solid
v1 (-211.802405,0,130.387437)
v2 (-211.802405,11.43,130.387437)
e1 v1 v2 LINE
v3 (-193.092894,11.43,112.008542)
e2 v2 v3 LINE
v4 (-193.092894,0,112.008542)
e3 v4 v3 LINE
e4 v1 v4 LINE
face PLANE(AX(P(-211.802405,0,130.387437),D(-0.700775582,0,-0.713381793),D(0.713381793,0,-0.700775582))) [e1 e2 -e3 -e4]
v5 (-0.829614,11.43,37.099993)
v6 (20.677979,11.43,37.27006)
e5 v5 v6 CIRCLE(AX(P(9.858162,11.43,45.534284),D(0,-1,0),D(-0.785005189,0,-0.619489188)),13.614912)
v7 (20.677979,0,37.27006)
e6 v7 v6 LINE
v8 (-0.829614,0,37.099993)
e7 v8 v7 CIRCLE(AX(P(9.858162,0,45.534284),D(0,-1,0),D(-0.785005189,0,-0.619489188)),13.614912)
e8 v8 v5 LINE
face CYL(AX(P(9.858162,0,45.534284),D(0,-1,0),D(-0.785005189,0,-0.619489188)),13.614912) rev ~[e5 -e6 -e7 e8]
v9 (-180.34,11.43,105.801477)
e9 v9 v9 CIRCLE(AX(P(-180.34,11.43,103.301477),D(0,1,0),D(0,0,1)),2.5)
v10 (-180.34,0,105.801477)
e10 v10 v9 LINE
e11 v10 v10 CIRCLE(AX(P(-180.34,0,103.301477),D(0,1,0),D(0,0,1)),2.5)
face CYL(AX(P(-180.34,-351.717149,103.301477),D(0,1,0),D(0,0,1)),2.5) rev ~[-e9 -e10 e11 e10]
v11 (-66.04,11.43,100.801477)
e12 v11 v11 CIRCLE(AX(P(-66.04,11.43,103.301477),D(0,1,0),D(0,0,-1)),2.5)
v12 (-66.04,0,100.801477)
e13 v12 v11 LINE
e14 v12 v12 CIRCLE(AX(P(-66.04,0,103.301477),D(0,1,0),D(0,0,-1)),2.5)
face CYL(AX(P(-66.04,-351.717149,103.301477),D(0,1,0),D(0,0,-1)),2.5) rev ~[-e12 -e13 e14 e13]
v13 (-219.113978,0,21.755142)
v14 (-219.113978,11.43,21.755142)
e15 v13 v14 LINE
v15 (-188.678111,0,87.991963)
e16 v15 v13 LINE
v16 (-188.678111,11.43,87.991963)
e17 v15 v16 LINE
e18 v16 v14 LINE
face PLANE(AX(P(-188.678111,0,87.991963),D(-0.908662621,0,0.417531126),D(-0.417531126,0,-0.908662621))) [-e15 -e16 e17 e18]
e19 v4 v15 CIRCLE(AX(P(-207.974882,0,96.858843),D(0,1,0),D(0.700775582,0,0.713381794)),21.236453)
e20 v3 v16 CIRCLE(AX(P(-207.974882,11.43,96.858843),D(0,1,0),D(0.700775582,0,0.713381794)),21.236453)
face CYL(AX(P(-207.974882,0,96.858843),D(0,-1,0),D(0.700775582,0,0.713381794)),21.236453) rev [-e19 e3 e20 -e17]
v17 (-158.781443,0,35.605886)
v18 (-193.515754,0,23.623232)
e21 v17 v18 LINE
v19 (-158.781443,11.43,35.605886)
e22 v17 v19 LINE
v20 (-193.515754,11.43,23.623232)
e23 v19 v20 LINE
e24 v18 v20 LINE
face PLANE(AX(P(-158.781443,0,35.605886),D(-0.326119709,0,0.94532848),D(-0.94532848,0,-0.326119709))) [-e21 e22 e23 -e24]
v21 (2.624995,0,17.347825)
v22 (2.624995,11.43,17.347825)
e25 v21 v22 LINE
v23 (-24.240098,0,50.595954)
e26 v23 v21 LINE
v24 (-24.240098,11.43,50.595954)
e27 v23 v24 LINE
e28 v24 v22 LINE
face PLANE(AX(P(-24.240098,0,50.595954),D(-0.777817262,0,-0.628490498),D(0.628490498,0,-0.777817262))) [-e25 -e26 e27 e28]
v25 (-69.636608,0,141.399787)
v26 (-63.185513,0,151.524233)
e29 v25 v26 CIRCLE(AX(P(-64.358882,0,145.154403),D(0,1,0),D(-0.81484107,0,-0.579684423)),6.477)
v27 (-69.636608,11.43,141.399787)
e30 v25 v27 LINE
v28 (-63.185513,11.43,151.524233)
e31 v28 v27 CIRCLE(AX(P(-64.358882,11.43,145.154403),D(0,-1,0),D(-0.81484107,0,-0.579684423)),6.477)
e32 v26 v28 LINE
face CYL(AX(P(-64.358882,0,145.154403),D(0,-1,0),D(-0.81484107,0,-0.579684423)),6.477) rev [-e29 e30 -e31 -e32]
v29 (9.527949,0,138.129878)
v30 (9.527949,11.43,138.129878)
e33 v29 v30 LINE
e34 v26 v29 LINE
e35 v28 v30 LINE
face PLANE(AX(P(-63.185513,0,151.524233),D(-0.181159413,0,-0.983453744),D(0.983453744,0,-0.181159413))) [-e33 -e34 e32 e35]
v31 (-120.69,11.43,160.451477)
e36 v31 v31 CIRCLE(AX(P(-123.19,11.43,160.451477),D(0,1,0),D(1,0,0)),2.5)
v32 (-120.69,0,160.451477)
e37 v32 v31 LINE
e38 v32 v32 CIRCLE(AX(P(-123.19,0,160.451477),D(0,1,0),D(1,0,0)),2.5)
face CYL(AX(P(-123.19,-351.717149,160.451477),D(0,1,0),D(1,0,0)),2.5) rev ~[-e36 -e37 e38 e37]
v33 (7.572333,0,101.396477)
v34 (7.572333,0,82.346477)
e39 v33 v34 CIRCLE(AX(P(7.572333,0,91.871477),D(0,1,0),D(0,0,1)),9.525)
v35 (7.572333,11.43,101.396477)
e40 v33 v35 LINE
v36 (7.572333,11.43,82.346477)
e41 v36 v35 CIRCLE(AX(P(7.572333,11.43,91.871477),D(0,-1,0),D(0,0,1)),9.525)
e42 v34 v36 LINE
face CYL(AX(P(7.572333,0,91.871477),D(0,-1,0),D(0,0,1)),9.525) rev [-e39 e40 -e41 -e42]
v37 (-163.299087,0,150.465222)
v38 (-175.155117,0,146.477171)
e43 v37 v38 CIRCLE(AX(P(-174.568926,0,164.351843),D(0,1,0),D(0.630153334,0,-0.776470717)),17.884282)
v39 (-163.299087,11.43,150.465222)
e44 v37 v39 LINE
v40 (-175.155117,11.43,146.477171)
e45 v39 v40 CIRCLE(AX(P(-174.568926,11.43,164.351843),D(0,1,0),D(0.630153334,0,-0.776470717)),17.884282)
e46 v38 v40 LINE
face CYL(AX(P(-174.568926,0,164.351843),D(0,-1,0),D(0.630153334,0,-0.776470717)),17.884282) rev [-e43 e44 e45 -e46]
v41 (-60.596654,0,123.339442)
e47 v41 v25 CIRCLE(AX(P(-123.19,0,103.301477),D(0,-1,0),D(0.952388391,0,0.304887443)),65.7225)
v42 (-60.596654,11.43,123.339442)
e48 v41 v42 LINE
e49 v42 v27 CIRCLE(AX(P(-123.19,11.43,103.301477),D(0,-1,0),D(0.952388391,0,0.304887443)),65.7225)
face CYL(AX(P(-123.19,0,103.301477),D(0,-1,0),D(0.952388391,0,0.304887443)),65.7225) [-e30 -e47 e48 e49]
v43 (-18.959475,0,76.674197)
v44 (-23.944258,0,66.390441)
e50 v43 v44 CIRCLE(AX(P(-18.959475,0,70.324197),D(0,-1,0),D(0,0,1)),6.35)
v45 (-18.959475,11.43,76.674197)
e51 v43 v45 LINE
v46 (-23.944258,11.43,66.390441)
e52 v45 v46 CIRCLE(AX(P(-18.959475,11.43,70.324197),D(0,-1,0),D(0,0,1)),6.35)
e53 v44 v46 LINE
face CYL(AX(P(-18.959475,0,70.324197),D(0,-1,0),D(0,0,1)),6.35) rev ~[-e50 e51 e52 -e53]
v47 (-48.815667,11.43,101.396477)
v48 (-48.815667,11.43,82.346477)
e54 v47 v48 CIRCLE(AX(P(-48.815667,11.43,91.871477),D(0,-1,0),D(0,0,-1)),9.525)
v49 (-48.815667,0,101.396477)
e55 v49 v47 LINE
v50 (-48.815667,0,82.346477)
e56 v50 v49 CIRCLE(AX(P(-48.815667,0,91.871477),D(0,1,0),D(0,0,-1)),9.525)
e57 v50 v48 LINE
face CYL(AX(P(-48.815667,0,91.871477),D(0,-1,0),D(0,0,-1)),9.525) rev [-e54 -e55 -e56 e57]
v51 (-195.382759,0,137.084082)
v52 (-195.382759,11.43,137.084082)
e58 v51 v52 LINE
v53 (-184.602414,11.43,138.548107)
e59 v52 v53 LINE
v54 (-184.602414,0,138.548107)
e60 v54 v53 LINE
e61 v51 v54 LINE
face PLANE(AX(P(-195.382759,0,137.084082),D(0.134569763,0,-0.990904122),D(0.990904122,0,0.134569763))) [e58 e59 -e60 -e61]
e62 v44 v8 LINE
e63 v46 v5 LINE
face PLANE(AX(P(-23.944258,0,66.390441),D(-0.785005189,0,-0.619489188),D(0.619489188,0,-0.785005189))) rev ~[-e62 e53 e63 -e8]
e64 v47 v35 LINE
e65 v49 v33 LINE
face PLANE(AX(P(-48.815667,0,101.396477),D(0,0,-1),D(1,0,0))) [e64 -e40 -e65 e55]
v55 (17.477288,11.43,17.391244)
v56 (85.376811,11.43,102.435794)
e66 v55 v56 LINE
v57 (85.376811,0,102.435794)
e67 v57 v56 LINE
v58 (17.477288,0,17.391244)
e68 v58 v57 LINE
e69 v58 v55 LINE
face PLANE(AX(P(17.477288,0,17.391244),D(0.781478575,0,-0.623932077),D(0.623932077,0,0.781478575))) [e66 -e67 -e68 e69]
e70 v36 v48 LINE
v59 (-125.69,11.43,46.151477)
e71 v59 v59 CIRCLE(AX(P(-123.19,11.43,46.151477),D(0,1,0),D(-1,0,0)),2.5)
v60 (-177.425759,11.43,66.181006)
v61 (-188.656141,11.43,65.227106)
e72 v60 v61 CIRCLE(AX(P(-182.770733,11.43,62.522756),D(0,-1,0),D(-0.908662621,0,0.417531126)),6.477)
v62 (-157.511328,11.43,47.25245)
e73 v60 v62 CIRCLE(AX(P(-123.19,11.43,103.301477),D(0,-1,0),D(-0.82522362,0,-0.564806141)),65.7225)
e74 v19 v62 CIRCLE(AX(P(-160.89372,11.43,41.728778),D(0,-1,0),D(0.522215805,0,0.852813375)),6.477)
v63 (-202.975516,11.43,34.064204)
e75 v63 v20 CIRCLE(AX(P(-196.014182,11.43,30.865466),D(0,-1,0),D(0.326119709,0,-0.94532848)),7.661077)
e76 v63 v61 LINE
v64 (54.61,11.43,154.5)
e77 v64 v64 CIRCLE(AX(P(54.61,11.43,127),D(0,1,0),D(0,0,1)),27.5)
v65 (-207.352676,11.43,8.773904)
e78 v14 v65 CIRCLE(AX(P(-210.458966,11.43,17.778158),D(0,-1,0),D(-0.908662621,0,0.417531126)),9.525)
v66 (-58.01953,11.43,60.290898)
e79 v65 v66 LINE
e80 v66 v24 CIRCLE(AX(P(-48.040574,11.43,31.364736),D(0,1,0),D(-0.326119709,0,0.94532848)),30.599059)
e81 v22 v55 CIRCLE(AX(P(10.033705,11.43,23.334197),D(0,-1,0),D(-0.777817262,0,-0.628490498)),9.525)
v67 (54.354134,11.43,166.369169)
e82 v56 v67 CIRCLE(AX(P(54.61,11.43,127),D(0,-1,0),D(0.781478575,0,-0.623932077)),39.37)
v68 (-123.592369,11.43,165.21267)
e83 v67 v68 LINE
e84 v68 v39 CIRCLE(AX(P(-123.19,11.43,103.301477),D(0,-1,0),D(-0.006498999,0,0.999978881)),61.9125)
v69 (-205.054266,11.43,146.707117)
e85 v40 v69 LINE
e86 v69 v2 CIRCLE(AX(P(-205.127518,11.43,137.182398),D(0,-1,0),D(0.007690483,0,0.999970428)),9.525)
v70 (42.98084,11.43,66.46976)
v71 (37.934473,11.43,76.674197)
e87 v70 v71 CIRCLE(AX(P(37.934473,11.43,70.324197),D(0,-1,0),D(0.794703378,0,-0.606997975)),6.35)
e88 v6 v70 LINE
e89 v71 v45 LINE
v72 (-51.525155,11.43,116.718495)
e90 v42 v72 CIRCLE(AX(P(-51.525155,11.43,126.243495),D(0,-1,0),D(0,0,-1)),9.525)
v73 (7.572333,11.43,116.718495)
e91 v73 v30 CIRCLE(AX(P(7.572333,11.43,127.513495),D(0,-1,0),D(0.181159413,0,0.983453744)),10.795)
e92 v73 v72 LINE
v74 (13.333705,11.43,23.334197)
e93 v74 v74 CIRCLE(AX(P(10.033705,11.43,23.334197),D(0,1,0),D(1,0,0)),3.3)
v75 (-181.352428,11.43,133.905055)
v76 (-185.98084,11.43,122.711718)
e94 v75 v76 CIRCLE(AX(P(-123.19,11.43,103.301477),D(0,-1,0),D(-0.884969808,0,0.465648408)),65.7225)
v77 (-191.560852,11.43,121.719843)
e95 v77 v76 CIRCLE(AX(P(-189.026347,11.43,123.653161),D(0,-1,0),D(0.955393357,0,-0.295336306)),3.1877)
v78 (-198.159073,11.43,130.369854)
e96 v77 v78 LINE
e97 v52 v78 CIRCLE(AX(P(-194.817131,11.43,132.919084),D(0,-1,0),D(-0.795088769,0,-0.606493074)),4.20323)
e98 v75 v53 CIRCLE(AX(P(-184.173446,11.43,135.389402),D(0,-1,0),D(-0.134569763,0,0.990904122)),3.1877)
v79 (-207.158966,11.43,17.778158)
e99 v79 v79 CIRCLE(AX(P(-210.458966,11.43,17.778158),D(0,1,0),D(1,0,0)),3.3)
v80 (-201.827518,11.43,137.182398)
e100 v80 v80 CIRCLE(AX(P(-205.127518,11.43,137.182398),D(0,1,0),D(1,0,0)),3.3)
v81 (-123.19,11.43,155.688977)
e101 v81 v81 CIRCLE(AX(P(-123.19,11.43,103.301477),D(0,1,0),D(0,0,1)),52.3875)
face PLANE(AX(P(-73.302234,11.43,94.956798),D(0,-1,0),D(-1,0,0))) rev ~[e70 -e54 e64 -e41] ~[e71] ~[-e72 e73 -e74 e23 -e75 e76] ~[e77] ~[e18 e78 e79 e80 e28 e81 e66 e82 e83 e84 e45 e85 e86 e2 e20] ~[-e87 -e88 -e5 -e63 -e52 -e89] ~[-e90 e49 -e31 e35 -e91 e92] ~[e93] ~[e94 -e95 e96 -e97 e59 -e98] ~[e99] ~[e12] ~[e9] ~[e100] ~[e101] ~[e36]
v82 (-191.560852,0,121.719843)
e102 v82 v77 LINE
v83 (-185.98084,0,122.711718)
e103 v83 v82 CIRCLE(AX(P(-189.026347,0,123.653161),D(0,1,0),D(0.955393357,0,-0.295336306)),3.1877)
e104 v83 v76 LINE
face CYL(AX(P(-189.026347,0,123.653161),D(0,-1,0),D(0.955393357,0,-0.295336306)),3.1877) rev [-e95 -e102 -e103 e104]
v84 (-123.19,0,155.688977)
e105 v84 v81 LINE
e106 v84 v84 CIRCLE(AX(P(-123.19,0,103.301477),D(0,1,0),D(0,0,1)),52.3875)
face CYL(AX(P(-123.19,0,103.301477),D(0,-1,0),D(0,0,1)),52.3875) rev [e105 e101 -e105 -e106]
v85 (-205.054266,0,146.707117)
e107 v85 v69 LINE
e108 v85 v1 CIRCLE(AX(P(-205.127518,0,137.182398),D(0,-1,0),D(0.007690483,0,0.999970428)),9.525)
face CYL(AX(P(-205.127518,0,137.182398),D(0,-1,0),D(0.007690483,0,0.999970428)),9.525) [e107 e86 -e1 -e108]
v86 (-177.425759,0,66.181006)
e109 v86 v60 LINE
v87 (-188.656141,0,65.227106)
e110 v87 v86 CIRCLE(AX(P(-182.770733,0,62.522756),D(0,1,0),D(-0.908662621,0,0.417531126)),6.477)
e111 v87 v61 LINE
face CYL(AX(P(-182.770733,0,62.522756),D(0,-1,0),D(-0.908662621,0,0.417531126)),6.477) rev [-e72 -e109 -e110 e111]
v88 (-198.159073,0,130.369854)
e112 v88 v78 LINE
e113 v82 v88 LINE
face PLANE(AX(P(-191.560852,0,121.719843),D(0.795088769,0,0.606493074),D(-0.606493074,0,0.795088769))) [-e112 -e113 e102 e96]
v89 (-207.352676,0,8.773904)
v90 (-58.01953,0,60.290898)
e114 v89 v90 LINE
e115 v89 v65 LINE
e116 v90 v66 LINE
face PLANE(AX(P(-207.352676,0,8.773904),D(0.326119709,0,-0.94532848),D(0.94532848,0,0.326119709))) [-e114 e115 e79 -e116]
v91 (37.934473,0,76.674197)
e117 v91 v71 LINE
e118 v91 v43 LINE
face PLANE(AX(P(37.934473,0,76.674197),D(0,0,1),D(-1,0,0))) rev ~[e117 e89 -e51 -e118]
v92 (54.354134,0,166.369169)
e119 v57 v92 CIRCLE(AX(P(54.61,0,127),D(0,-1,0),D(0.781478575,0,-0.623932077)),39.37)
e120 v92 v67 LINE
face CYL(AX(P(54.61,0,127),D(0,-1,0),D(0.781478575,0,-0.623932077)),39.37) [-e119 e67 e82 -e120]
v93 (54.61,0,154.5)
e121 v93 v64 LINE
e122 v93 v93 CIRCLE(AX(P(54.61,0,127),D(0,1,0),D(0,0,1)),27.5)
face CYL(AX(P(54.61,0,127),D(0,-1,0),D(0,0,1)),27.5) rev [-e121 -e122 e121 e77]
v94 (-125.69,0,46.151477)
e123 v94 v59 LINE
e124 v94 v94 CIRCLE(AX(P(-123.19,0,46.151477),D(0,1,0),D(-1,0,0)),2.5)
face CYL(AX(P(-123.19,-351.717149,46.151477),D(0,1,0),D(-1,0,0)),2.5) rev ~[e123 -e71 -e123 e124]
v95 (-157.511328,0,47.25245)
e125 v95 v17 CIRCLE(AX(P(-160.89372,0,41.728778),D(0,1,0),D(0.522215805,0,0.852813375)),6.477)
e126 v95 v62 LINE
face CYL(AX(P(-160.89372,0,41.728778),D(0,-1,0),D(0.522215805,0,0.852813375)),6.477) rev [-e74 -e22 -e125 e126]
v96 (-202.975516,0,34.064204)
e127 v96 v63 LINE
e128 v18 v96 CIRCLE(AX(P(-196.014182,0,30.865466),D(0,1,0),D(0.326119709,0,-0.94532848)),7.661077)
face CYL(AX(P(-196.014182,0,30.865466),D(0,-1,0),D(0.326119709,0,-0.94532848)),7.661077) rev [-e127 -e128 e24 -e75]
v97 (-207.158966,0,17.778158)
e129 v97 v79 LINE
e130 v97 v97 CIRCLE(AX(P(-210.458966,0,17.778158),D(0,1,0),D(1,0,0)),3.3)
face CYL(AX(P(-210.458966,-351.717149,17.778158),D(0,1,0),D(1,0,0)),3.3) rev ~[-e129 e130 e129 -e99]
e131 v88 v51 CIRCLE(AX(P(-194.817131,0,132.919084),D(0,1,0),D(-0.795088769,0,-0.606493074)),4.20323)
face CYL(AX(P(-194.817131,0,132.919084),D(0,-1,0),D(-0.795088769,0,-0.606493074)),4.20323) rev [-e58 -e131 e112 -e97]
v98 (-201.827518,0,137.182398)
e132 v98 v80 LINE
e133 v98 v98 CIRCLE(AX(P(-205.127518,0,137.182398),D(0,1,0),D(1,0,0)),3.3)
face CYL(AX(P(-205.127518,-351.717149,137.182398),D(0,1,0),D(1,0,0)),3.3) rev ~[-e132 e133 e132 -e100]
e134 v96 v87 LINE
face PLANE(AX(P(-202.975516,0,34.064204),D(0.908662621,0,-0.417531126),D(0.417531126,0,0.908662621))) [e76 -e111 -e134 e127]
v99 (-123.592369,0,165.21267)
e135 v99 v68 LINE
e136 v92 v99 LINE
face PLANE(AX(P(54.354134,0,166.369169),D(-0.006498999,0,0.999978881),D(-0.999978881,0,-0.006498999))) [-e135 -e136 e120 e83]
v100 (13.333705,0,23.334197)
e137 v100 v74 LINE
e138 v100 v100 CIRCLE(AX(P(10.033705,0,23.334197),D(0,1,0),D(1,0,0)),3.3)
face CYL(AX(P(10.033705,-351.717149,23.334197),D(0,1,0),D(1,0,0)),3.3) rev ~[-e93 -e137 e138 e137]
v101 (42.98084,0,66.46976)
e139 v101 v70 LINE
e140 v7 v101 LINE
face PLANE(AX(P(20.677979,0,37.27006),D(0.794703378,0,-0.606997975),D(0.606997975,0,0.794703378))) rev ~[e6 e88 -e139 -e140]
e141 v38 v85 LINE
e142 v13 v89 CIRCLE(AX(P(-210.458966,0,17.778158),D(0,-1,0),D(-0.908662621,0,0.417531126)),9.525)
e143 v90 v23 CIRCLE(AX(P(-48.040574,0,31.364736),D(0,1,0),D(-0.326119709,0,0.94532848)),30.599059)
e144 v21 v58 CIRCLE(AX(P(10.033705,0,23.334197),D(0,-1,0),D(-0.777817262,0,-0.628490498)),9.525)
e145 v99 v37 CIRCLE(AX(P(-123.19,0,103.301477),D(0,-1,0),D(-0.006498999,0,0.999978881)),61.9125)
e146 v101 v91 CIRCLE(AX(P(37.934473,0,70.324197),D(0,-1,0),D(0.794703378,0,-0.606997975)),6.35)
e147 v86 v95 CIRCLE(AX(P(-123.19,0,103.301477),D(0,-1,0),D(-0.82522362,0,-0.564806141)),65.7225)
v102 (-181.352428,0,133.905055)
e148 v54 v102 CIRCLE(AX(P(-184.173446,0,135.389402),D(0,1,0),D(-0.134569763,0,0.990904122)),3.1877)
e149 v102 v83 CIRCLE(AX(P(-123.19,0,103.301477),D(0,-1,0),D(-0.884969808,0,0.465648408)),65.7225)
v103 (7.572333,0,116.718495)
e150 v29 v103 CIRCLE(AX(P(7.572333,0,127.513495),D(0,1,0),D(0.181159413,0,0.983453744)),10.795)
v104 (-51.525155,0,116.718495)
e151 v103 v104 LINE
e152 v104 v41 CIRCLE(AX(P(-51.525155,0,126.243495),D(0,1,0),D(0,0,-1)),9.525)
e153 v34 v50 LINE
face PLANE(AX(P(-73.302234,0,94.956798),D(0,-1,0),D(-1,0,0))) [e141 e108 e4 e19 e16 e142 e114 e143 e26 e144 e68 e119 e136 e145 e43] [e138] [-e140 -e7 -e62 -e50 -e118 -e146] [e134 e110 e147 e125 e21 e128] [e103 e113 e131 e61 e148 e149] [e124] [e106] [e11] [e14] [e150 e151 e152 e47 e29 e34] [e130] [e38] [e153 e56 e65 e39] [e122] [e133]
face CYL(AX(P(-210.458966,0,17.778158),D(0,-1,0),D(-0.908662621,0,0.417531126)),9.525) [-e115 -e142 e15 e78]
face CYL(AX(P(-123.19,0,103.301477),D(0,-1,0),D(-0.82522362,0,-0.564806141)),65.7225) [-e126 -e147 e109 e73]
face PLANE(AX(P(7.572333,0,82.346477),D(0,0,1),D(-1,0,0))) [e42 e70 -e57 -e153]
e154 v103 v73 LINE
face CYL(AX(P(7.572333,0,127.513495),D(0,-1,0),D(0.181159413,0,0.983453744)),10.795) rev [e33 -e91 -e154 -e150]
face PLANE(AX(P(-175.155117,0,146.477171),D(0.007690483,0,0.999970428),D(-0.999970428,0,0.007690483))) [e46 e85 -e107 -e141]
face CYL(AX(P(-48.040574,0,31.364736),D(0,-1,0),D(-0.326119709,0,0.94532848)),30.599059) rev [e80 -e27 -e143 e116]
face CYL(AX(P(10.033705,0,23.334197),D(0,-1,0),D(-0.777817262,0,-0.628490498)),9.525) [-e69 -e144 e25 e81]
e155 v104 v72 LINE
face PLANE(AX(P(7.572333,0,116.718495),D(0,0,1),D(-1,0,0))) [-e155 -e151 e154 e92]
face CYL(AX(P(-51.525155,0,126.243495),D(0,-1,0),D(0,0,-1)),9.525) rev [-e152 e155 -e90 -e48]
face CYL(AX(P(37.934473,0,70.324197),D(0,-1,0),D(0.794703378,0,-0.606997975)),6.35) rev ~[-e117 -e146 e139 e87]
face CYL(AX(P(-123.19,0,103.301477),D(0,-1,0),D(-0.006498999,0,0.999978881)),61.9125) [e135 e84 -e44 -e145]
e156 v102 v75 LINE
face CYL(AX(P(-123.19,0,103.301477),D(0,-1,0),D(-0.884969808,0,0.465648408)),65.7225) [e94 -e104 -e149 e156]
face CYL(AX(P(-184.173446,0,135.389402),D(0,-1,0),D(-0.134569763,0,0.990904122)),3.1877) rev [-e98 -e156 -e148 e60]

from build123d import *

# Parameters (mm, degrees)
SKETCH1_R             = 52.3875
SKETCH1_R_2           = 27.49999999
BOSS_EXTRUDE1_DEPTH   = 11.43
M6_CLEARANCE_HOLE1_D  = 6.6
F_5_0MM_DOWEL_HOLE1_D = 5
CIRPATTERN1_COUNT     = 4
CUT_EXTRUDE1_DEPTH    = 277.04812471
CUT_EXTRUDE2_DEPTH    = 277.04812471


with BuildPart() as part:
    # Sketch1 → Boss-Extrude1 (new body)
    with BuildSketch(Plane(origin=(0, 0, 0), x_dir=(1, 0, 0), z_dir=(0, 1, 0))):
        with BuildLine():
            Line((-207.352675902, -8.773903901), (-58.019530206, -60.290898352))
            ThreePointArc((-58.019530206, -60.290898352), (-39.599212065, -60.776397748), (-24.240097525, -50.595954211))
            Line((-24.240097525, -50.595954211), (2.624995443, -17.347825368))
            ThreePointArc((2.624995443, -17.347825368), (10.061549983, -13.809238065), (17.477288292, -17.391244328))
            Line((17.477288292, -17.391244328), (85.376811489, -102.435794114))
            ThreePointArc((85.376811489, -102.435794114), (90.030312626, -144.187156643), (54.354134393, -166.369168556))
            Line((54.354134393, -166.369168556), (-123.592369302, -165.212669907))
            ThreePointArc((-123.592369302, -165.212669907), (-144.74612022, -161.34018293), (-163.299086644, -150.465222234))
            ThreePointArc((-163.299086644, -150.465222234), (-168.867064733, -147.400846083), (-175.155117318, -146.477170878))
            Line((-175.155117318, -146.477170878), (-205.054266123, -146.707116576))
            ThreePointArc((-205.054266123, -146.707116576), (-213.929698734, -140.822073907), (-211.802405396, -130.387436669))
            Line((-211.802405396, -130.387436669), (-193.092894011, -112.008542149))
            ThreePointArc((-193.092894011, -112.008542149), (-187.088381157, -100.6982482), (-188.678110669, -87.991962988))
            Line((-188.678110669, -87.991962988), (-219.113977597, -21.755141651))
            ThreePointArc((-219.113977597, -21.755141651), (-217.51766362, -11.382814462), (-207.352675902, -8.773903901))
        make_face()
        with Locations(Location((-123.19, -103.30147742, 0), (0, 0, 270))):
            Circle(SKETCH1_R, mode=Mode.SUBTRACT)
        with Locations(Location((54.61, -127, 0), (0, 0, 270))):
            Circle(SKETCH1_R_2, mode=Mode.SUBTRACT)
    extrude(amount=BOSS_EXTRUDE1_DEPTH)

    # M6 Clearance Hole1 (through all)
    with Locations(Plane(origin=(0, 0, 0), x_dir=(-1, 0, 0), z_dir=(0, -1, 0))):
        with Locations((-10.033704867, -23.334197365), (210.458966133, -17.778157673), (205.127517975, -137.182398252)):
            Hole(M6_CLEARANCE_HOLE1_D / 2)

    # Ø5.0mm Dowel Hole1 (through all)
    with Locations(Plane(origin=(0, 0, 0), x_dir=(-1, 0, 0), z_dir=(0, -1, 0))):
        with Locations((123.19, -160.45147742)):
            f_5_0mm_dowel_hole1 = Hole(F_5_0MM_DOWEL_HOLE1_D / 2)

    # CirPattern1: Ø5.0mm Dowel Hole1 ×4 about axis
    cirpattern1_axis = Axis((-123.19, 0, 103.30147742), (0, 1, 0))
    for i in range(1, CIRPATTERN1_COUNT):
        add(f_5_0mm_dowel_hole1.rotate(cirpattern1_axis, i * 360 / CIRPATTERN1_COUNT), mode=Mode.SUBTRACT)

    # Sketch6 → Cut-Extrude1 (cut, through all)
    with BuildSketch(Plane.XZ):
        with BuildLine():
            Line((-23.944258321, 66.390441023), (-0.829614149, 37.099993387))
            ThreePointArc((-0.829614149, 37.099993387), (9.965816041, 31.919797806), (20.677978855, 37.270060145))
            Line((20.677978855, 37.270060145), (42.980839674, 66.469760223))
            ThreePointArc((42.980839674, 66.469760223), (43.626492897, 73.139052969), (37.934473227, 76.674197365))
            Line((37.934473227, 76.674197365), (-18.959475373, 76.674197365))
            ThreePointArc((-18.959475373, 76.674197365), (-24.673574285, 73.093957935), (-23.944258321, 66.390441023))
        make_face()
        with BuildLine():
            Line((-202.975515938, 34.064204485), (-188.656140545, 65.227105539))
            ThreePointArc((-188.656140545, 65.227105539), (-183.31891043, 68.976517371), (-177.425759363, 66.18100581))
            ThreePointArc((-177.425759363, 66.18100581), (-168.46871459, 55.664464381), (-157.511328264, 47.252450377))
            ThreePointArc((-157.511328264, 47.252450377), (-154.454895213, 41.026593051), (-158.781442678, 35.605885581))
            Line((-158.781442678, 35.605885581), (-193.515753631, 23.623232324))
            ThreePointArc((-193.515753631, 23.623232324), (-201.691580607, 25.721611775), (-202.975515938, 34.064204485))
        make_face()
        with BuildLine():
            Line((-195.382759208, 137.08408238), (-184.602414462, 138.548107412))
            ThreePointArc((-184.602414462, 138.548107412), (-181.561941078, 137.21737146), (-181.352428173, 133.905054912))
            ThreePointArc((-181.352428173, 133.905054912), (-183.92504724, 128.415239444), (-185.980839898, 122.711717787))
            ThreePointArc((-185.980839898, 122.711717787), (-188.468463156, 120.514659048), (-191.560851772, 121.719843357))
            Line((-191.560851772, 121.719843357), (-198.159072812, 130.369853834))
            ThreePointArc((-198.159072812, 130.369853834), (-198.701393345, 134.525214763), (-195.382759208, 137.08408238))
        make_face()
    extrude(amount=-CUT_EXTRUDE1_DEPTH, mode=Mode.SUBTRACT)

    # Sketch7 → Cut-Extrude2 (cut, through all)
    with BuildSketch(Plane.XZ):
        with BuildLine():
            Line((-48.815667356, 101.39647742), (7.572332644, 101.39647742))
            ThreePointArc((7.572332644, 101.39647742), (17.097332644, 91.87147742), (7.572332644, 82.34647742))
            Line((7.572332644, 82.34647742), (-48.815667356, 82.34647742))
            ThreePointArc((-48.815667356, 82.34647742), (-58.340667356, 91.87147742), (-48.815667356, 101.39647742))
        make_face()
        with BuildLine():
            Line((-63.185512617, 151.524232803), (9.527948512, 138.12987842))
            ThreePointArc((9.527948512, 138.12987842), (18.322585695, 126.531617281), (7.572332644, 116.718495252))
            Line((7.572332644, 116.718495252), (-51.525154545, 116.718495252))
            ThreePointArc((-51.525154545, 116.718495252), (-57.140513894, 118.54977285), (-60.59665397, 123.339442362))
            ThreePointArc((-60.59665397, 123.339442362), (-64.418746701, 132.718934684), (-69.636607751, 141.399786896))
            ThreePointArc((-69.636607751, 141.399786896), (-69.82125671, 148.634919104), (-63.185512617, 151.524232803))
        make_face()
    extrude(amount=-CUT_EXTRUDE2_DEPTH, mode=Mode.SUBTRACT)


solid = part.part
